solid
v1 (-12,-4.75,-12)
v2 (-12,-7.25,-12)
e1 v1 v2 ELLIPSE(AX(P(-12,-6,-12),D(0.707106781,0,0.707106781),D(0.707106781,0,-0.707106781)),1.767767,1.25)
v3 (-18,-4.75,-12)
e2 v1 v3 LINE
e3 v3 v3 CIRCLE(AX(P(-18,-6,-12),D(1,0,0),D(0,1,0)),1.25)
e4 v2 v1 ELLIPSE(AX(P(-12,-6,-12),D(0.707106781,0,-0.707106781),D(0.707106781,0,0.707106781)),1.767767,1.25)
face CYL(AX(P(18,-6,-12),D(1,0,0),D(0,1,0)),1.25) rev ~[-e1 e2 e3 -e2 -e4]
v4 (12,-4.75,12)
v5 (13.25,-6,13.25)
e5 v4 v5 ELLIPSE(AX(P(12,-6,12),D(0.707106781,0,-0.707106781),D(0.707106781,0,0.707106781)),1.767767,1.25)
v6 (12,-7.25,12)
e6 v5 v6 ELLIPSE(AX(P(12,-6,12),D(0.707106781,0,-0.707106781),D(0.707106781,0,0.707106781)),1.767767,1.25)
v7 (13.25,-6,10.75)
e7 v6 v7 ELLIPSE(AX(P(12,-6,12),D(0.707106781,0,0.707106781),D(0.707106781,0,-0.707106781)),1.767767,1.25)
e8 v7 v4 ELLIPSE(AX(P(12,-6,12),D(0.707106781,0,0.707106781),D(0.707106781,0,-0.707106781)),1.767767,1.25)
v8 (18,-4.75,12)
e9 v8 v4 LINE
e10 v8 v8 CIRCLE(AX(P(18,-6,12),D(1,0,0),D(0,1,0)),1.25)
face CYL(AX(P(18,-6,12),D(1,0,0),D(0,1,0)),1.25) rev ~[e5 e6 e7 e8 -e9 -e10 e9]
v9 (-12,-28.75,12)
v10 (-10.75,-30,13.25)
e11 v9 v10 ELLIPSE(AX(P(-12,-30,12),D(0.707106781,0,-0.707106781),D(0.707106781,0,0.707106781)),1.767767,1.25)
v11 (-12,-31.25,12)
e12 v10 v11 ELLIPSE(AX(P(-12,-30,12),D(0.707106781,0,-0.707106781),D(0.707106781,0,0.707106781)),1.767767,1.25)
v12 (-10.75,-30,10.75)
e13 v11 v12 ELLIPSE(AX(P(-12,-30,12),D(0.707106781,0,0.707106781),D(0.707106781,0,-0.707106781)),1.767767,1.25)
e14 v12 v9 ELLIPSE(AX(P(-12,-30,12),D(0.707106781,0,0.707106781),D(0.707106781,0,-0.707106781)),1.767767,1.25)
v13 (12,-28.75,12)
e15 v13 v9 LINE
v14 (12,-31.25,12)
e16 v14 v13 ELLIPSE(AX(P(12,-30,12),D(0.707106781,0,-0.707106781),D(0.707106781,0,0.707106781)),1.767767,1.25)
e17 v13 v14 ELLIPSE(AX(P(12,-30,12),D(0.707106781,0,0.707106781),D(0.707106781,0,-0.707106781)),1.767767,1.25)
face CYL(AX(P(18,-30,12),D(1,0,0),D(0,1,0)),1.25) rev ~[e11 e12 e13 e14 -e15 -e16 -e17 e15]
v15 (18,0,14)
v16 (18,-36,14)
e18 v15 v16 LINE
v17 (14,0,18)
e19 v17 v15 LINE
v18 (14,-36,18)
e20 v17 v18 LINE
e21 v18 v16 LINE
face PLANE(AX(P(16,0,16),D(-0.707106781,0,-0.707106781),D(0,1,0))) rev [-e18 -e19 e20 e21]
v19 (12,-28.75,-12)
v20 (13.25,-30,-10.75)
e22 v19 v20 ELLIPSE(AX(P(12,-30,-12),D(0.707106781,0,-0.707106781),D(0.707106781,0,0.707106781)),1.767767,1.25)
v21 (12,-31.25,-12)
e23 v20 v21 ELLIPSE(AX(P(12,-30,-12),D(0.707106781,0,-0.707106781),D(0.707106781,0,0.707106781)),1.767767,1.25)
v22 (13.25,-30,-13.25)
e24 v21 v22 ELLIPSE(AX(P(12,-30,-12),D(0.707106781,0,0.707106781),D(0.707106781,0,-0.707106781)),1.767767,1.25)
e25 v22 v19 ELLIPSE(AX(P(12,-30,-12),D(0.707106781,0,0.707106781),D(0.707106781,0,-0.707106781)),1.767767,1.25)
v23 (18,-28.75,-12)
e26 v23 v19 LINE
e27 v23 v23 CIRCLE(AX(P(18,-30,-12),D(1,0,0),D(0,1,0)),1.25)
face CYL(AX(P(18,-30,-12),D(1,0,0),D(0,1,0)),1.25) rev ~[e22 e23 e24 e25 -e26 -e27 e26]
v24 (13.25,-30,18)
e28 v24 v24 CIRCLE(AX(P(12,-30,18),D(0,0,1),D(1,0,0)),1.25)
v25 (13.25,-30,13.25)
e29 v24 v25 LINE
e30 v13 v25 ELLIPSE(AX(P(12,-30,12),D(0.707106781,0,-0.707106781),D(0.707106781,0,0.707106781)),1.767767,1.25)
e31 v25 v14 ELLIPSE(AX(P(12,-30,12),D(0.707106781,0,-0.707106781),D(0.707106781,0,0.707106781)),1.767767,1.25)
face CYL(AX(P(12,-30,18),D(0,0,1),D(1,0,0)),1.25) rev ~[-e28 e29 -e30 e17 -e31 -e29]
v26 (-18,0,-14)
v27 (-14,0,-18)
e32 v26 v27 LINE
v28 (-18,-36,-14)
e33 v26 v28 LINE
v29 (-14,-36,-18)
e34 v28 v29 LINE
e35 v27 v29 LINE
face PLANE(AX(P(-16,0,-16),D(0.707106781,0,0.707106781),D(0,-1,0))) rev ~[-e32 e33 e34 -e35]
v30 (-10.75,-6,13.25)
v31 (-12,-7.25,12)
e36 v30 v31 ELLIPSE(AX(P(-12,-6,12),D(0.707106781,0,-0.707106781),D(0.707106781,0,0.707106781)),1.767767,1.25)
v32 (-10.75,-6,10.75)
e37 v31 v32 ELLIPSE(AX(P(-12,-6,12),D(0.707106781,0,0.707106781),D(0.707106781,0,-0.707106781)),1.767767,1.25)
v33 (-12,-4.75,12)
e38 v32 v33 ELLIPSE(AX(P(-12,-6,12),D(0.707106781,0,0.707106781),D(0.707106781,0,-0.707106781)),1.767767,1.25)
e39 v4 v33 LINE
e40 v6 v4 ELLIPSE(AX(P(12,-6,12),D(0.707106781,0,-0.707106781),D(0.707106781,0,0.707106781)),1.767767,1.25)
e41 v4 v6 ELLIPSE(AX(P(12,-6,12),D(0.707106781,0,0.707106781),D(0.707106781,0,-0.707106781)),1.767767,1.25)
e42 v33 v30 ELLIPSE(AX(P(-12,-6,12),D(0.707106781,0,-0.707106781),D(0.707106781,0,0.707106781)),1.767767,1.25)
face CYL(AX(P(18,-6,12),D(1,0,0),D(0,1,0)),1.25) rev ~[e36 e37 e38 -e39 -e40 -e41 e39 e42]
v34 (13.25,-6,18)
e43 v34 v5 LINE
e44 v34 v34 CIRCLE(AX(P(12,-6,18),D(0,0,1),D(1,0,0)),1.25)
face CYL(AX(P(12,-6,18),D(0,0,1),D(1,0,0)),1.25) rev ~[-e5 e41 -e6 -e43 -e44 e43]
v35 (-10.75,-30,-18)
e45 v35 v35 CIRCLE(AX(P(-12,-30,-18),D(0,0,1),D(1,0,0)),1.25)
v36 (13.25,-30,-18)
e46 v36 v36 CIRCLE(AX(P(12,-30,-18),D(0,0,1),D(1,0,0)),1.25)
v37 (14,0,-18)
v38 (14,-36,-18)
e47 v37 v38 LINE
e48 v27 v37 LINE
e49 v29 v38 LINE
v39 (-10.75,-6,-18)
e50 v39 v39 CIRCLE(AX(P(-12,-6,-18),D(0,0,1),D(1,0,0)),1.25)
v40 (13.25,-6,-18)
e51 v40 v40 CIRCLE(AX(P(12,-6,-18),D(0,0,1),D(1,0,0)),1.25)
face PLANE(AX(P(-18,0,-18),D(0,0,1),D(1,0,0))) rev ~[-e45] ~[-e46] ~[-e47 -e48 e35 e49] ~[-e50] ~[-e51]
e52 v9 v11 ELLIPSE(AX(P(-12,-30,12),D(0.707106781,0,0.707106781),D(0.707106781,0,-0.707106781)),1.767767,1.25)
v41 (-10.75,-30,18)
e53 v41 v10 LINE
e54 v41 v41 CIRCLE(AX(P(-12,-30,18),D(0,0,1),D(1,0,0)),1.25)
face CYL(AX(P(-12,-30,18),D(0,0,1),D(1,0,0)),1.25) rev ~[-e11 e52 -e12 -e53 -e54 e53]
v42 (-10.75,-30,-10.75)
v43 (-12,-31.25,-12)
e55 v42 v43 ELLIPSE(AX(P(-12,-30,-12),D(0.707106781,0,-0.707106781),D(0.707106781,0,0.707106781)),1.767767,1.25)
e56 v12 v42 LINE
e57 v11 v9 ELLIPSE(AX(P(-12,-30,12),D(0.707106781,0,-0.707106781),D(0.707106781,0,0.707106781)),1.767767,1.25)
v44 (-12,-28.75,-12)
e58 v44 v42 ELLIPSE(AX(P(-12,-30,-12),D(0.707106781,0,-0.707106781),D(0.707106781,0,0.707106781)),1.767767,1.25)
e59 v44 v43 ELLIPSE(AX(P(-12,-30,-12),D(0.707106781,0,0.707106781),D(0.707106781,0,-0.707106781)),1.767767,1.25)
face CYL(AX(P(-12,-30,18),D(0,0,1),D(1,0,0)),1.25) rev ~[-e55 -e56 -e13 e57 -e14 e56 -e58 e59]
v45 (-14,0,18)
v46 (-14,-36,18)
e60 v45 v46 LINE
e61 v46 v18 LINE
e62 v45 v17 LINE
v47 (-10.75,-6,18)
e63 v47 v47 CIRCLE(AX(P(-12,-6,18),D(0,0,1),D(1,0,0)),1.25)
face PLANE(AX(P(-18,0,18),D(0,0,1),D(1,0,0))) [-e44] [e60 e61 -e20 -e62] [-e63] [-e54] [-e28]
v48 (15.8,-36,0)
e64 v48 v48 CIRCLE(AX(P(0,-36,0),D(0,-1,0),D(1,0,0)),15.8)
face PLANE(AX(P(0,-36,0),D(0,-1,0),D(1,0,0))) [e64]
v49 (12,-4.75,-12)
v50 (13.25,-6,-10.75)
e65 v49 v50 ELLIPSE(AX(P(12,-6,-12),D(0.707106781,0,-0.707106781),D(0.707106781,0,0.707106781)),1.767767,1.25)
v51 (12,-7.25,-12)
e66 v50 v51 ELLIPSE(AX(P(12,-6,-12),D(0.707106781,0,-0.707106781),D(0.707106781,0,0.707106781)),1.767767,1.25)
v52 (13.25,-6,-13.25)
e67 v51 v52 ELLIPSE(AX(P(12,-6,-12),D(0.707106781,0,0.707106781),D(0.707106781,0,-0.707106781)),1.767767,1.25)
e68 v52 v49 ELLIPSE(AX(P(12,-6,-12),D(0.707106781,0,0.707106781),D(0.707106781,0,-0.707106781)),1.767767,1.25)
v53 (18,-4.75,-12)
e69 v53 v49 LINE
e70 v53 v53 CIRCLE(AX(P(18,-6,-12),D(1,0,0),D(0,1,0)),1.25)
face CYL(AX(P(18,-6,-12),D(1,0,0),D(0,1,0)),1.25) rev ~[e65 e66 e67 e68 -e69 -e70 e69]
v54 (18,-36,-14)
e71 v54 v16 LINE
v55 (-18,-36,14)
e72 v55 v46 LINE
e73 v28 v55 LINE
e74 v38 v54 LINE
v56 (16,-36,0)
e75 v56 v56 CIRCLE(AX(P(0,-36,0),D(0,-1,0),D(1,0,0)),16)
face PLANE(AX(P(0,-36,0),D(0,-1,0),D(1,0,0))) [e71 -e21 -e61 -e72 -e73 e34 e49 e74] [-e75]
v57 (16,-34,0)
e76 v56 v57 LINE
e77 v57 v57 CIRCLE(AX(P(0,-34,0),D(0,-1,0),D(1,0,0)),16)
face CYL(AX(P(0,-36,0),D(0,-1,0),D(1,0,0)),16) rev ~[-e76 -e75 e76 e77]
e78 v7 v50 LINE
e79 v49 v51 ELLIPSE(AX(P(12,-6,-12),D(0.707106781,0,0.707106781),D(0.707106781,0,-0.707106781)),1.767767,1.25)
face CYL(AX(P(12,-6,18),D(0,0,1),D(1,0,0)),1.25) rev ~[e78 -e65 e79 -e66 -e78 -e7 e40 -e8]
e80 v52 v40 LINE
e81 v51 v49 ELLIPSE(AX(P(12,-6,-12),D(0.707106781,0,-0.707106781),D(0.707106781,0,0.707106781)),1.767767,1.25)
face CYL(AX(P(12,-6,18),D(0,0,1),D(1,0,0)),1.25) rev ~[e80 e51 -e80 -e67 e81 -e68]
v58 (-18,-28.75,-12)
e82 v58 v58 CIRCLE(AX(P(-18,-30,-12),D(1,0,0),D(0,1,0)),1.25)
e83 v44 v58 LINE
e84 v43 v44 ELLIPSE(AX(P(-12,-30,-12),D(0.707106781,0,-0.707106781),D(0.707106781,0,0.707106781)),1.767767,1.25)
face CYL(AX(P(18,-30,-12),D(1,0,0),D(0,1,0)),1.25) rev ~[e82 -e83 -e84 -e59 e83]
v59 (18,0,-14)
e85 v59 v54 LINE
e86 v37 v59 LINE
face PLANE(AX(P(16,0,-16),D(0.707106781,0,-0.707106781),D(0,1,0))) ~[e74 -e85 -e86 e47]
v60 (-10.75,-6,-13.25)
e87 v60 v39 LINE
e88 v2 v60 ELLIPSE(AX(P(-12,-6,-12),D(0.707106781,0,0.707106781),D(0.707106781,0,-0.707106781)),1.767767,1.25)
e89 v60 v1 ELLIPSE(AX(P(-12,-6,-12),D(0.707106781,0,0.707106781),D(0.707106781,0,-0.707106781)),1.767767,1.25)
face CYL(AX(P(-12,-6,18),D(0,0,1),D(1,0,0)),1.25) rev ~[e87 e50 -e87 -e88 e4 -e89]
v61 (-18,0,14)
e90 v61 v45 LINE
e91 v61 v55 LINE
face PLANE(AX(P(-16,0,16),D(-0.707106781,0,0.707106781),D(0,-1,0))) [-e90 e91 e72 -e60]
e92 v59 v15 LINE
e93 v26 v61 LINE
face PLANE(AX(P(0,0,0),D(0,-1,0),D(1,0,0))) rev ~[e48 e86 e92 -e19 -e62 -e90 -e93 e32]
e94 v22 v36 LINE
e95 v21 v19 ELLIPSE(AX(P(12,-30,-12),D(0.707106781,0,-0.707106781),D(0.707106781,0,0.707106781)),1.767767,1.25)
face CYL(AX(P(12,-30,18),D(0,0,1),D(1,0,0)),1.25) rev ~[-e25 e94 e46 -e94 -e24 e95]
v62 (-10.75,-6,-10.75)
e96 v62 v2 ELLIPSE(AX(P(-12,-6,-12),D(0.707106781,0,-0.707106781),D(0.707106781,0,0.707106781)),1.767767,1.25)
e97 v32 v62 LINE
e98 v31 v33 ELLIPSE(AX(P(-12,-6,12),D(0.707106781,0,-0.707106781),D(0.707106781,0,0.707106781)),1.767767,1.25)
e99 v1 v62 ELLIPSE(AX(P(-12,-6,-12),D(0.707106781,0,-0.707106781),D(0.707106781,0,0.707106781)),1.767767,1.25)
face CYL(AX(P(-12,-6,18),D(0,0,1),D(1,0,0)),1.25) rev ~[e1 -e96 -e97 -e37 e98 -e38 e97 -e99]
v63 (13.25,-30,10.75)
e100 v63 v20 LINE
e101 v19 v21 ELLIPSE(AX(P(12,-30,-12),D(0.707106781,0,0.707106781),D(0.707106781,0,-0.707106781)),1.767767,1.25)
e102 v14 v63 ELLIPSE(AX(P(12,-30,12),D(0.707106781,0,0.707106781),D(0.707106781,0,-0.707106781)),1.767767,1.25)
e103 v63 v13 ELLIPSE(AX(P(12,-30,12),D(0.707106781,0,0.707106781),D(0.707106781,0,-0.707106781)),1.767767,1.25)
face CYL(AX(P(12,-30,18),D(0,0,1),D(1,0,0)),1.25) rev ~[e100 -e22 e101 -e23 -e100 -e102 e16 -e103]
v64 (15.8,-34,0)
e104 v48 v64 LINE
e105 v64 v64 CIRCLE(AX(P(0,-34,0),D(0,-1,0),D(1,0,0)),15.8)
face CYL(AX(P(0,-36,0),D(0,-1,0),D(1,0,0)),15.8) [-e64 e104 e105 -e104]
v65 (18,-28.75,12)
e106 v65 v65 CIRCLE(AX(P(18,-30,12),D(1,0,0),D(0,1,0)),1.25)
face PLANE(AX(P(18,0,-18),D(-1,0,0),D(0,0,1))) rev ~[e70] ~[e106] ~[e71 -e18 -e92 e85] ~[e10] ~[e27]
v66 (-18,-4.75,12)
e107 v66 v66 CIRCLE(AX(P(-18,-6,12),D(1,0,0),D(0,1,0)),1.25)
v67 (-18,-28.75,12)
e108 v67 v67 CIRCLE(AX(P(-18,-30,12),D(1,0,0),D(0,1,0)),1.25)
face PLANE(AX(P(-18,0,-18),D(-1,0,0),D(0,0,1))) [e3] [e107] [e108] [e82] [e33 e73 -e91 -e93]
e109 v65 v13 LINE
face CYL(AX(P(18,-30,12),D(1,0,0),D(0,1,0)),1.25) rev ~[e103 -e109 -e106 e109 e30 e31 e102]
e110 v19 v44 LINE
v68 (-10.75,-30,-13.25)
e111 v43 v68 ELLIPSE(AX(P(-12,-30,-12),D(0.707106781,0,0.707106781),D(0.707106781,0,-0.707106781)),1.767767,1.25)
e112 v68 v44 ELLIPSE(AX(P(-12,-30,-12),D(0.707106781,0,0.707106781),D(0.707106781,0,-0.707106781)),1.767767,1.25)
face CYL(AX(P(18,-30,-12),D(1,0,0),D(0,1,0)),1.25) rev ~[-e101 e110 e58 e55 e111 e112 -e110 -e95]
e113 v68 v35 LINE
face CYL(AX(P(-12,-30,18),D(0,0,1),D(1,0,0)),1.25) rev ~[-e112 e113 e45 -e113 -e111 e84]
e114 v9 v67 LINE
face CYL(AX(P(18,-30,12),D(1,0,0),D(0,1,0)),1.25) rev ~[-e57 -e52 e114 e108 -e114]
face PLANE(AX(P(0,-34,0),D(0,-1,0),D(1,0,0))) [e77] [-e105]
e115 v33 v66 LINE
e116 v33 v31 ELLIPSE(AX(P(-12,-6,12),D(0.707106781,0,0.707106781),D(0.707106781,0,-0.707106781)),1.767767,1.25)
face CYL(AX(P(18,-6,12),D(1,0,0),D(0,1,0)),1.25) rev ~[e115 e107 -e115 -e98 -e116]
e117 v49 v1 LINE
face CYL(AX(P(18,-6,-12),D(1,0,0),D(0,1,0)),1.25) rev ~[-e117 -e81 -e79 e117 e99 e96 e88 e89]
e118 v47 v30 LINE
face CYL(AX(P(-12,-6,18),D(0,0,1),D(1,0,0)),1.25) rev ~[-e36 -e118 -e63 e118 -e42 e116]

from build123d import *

# Parameters (mm, degrees)
F0_W     = 36
F0_H     = 36
F1_DEPTH = 36
F2_R     = 16
F2_R_2   = 15.8
F3_DEPTH = 2
F4_R     = 1.25
F5_DEPTH = 36.001
F6_R     = 1.25
F7_DEPTH = 36.001
F8_SIZE  = 4


with BuildPart() as f1:
    # F0 (on Front) → F1 (new body)
    with BuildSketch(Plane.XZ):
        Rectangle(F0_W, F0_H)
    extrude(amount=F1_DEPTH)

    # F2 (on face) → F3 (cut)
    with BuildSketch(Plane.XZ.offset(36)):
        Circle(F2_R)
        Circle(F2_R_2, mode=Mode.SUBTRACT)
    extrude(amount=-F3_DEPTH, mode=Mode.SUBTRACT)

    # F4 (on face) → F5 (cut, through all)
    with BuildSketch(Plane.YZ.offset(18)):
        with Locations((-30, 12)):
            Circle(F4_R)
        with Locations((-6, 12)):
            Circle(F4_R)
        with Locations((-6, -12)):
            Circle(F4_R)
        with Locations((-30, -12)):
            Circle(F4_R)
    extrude(amount=-F5_DEPTH, mode=Mode.SUBTRACT)

    # F6 (on face) → F7 (cut, through all)
    with BuildSketch(Plane.XY.offset(18)):
        with Locations((-12, -30)):
            Circle(F6_R)
        with Locations((-12, -6)):
            Circle(F6_R)
        with Locations((12, -6)):
            Circle(F6_R)
        with Locations((12, -30)):
            Circle(F6_R)
    extrude(amount=-F7_DEPTH, mode=Mode.SUBTRACT)

    # F8
    f8_edges = [f1.edges().sort_by_distance(p)[0] for p in [
        (18, -18, 18),
        (-18, -18, 18),
        (18, -18, -18),
        (-18, -18, -18),
    ]]
    chamfer(f8_edges, length=F8_SIZE)


solid = f1.part
